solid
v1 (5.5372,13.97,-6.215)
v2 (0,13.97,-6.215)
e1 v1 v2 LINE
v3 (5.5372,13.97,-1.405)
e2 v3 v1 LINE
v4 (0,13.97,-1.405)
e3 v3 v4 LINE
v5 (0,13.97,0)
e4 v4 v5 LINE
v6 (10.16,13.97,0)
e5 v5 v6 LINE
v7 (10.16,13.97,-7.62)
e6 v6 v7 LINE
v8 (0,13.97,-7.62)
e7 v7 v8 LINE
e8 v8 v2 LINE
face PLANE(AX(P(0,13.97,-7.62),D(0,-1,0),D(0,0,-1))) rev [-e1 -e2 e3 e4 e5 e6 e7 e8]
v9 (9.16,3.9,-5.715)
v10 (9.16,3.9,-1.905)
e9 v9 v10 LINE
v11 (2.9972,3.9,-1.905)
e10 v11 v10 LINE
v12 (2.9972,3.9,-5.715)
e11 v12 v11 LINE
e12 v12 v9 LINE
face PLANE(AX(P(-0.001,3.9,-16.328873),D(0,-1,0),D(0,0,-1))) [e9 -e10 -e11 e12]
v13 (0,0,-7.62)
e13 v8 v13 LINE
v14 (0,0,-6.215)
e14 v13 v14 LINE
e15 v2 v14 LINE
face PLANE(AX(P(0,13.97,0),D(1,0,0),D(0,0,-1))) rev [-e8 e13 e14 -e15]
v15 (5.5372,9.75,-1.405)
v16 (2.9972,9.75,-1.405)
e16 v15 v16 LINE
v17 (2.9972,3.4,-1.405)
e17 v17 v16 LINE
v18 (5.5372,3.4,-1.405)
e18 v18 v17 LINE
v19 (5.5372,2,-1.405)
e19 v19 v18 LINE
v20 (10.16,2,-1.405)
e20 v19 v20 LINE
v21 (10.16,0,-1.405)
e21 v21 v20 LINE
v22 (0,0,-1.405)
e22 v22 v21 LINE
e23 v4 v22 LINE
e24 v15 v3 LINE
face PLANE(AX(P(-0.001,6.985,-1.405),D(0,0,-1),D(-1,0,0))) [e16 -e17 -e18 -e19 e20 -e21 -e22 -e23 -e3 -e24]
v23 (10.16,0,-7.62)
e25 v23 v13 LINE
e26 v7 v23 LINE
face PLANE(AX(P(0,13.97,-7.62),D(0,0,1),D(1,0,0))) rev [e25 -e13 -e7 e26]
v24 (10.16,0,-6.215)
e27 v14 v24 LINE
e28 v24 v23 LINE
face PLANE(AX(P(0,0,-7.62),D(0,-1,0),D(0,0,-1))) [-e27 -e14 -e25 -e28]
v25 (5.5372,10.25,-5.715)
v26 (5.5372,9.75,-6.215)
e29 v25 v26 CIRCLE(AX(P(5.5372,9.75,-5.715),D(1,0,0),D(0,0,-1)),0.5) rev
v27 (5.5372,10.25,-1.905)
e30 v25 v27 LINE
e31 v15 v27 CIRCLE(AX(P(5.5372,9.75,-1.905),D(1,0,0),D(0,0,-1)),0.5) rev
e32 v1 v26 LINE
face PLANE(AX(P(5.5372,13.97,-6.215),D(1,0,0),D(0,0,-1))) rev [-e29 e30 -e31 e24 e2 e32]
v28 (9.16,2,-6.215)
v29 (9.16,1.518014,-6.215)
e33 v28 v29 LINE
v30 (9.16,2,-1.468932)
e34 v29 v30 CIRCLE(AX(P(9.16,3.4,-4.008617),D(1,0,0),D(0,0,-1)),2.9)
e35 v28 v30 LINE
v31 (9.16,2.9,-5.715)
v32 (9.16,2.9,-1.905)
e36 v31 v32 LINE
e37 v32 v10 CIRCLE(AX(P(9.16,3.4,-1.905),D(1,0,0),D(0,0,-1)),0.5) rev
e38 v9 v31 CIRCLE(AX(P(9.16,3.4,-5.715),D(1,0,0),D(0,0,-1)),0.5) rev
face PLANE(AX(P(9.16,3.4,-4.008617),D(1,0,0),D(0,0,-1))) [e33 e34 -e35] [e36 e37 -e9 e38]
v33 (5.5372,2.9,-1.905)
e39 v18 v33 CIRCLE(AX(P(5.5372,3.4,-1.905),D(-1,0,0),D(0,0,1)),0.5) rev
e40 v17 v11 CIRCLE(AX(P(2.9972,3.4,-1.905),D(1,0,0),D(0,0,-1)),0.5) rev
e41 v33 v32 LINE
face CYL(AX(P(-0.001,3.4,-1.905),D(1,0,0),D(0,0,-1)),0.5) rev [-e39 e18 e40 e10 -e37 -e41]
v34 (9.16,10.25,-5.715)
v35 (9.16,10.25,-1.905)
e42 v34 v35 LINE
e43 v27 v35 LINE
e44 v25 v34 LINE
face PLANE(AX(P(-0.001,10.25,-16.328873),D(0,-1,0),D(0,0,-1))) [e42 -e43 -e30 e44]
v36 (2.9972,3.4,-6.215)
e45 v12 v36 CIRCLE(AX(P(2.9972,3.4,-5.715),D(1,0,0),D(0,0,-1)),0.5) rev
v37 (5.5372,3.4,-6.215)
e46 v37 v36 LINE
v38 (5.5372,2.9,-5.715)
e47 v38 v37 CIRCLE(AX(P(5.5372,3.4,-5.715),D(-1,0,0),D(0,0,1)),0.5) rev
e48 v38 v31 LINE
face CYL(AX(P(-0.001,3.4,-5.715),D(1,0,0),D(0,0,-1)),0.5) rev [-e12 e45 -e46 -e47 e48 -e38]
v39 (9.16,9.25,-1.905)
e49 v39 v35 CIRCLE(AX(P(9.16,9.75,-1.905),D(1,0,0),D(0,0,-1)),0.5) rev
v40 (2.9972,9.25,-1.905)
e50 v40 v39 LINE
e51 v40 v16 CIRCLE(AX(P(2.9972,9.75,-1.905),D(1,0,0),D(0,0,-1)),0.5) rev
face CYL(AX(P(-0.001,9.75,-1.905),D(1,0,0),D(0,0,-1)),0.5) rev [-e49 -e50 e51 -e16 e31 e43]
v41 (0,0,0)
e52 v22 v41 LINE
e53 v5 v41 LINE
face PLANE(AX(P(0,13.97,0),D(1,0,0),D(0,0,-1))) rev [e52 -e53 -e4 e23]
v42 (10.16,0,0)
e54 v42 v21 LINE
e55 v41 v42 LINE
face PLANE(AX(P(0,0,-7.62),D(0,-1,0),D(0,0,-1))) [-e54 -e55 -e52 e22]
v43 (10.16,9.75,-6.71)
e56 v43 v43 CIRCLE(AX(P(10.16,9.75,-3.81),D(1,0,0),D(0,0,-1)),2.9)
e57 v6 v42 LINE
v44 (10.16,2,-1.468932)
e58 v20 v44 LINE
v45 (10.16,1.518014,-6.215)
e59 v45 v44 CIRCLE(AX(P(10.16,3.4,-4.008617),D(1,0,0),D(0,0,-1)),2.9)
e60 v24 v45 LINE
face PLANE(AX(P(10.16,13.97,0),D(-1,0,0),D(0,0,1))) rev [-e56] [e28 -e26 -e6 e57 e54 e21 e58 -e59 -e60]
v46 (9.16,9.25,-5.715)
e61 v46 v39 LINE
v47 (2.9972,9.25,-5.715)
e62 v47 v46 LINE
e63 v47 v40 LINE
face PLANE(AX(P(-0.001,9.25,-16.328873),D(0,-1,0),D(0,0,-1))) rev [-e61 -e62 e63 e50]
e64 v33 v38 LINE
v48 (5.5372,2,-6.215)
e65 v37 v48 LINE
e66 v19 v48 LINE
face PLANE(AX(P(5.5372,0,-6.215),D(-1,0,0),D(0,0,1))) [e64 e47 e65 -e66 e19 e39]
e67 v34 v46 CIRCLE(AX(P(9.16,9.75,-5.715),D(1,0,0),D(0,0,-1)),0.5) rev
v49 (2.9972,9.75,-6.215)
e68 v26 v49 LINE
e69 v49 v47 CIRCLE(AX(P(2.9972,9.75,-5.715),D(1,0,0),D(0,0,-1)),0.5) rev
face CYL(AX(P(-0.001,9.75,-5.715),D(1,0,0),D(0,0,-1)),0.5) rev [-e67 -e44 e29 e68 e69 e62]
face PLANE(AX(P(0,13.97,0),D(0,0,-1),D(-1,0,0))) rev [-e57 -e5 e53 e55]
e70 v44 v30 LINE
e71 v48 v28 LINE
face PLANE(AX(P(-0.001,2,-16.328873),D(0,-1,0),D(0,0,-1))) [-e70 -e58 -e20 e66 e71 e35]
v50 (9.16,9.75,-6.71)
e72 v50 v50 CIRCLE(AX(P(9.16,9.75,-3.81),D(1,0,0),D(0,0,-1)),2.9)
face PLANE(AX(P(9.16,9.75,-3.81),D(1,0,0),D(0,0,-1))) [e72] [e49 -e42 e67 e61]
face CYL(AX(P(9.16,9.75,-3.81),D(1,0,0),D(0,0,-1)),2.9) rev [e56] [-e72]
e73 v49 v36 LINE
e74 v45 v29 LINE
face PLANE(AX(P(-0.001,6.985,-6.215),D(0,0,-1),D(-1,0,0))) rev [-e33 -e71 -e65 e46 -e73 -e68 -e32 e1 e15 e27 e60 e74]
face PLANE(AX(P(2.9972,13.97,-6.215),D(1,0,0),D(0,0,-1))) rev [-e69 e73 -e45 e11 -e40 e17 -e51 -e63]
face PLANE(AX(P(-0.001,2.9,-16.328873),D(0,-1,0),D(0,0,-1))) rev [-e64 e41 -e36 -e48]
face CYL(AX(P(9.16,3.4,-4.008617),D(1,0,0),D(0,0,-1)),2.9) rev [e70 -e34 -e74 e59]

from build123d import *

# Parameters (mm, degrees)
SKETCH1_W           = 10.16
SKETCH1_H           = 7.62
BOSS_EXTRUDE1_DEPTH = 13.97
SKETCH2_R           = 2.9
CUT_EXTRUDE1_DEPTH  = 1
CUT_EXTRUDE2_REACH  = 20.88
SKETCH3_W           = 4.81
SKETCH3_H           = 2
SKETCH5_W           = 4.81
SKETCH5_H           = 4.22
CUT_EXTRUDE4_DEPTH  = 5.5372
SKETCH6_W           = 4.81
SKETCH6_H           = 10.57
CUT_EXTRUDE6_DEPTH  = 2.9972
SKETCH7_W           = 4.81
SKETCH7_H           = 3.4
CUT_EXTRUDE7_DEPTH  = 5.5372


with BuildPart() as part:
    # Sketch1 → Boss-Extrude1 (new body)
    with BuildSketch(Plane(origin=(0, 0, 0), x_dir=(1, 0, 0), z_dir=(0, 1, 0))):
        with Locations((5.08, 3.81)):
            Rectangle(SKETCH1_W, SKETCH1_H)
    extrude(amount=BOSS_EXTRUDE1_DEPTH)

    # Sketch2 → Cut-Extrude1 (cut)
    with BuildSketch(Plane(origin=(10.16, 0, 0), x_dir=(0, 0, -1), z_dir=(1, 0, 0))):
        with Locations((4.008616611, 3.4)):
            Circle(SKETCH2_R)
        with Locations((3.81, 9.75)):
            Circle(SKETCH2_R)
    extrude(amount=-CUT_EXTRUDE1_DEPTH, mode=Mode.SUBTRACT)

    # Sketch3 → Cut-Extrude2 (cut, up to next)
    with BuildSketch(Plane(origin=(10.16, 0, 0), x_dir=(0, 0, -1), z_dir=(1, 0, 0)), mode=Mode.PRIVATE) as cut_extrude2_sk1:
        with BuildLine():
            Line((1.905, 3.9), (5.715, 3.9))
            ThreePointArc((5.715, 3.9), (6.215, 3.4), (5.715, 2.9))
            Line((5.715, 2.9), (1.905, 2.9))
            ThreePointArc((1.905, 2.9), (1.405, 3.4), (1.905, 3.9))
        make_face()
    cut_extrude2_tool1 = extrude(cut_extrude2_sk1.sketch, amount=-CUT_EXTRUDE2_REACH, mode=Mode.PRIVATE) & part.part
    # Sketch3 → Cut-Extrude2 (cut, up to next)
    with BuildSketch(Plane(origin=(10.16, 0, 0), x_dir=(0, 0, -1), z_dir=(1, 0, 0)), mode=Mode.PRIVATE) as cut_extrude2_sk2:
        with BuildLine():
            Line((1.905, 10.25), (5.715, 10.25))
            ThreePointArc((5.715, 10.25), (6.215, 9.75), (5.715, 9.25))
            Line((5.715, 9.25), (1.905, 9.25))
            ThreePointArc((1.905, 9.25), (1.405, 9.75), (1.905, 10.25))
        make_face()
    cut_extrude2_tool2 = extrude(cut_extrude2_sk2.sketch, amount=-CUT_EXTRUDE2_REACH, mode=Mode.PRIVATE) & part.part
    # Sketch3 → Cut-Extrude2 (cut, up to next)
    with BuildSketch(Plane(origin=(10.16, 0, 0), x_dir=(0, 0, -1), z_dir=(1, 0, 0)), mode=Mode.PRIVATE) as cut_extrude2_sk3:
        with Locations((3.81, 1)):
            Rectangle(SKETCH3_W, SKETCH3_H)
    cut_extrude2_tool3 = extrude(cut_extrude2_sk3.sketch, amount=-CUT_EXTRUDE2_REACH, mode=Mode.PRIVATE) & part.part
    add(cut_extrude2_tool1.solids().sort_by_distance((10.16, 3.4, -3.81))[0], mode=Mode.SUBTRACT)
    add(cut_extrude2_tool2.solids().sort_by_distance((10.16, 9.75, -3.81))[0], mode=Mode.SUBTRACT)
    add(cut_extrude2_tool3.solids().sort_by_distance((10.16, 1, -3.81))[0], mode=Mode.SUBTRACT)

    # Sketch5 → Cut-Extrude4 (cut)
    with BuildSketch(Plane.ZY):
        with Locations((-3.81, 11.86)):
            Rectangle(SKETCH5_W, SKETCH5_H)
    extrude(amount=-CUT_EXTRUDE4_DEPTH, mode=Mode.SUBTRACT)

    # Sketch6 → Cut-Extrude6 (cut)
    with BuildSketch(Plane.ZY):
        with Locations((-3.81, 8.685)):
            Rectangle(SKETCH6_W, SKETCH6_H)
    extrude(amount=-CUT_EXTRUDE6_DEPTH, mode=Mode.SUBTRACT)

    # Sketch7 → Cut-Extrude7 (cut)
    with BuildSketch(Plane.ZY):
        with Locations((-3.81, 1.7)):
            Rectangle(SKETCH7_W, SKETCH7_H)
    extrude(amount=-CUT_EXTRUDE7_DEPTH, mode=Mode.SUBTRACT)


solid = part.part
